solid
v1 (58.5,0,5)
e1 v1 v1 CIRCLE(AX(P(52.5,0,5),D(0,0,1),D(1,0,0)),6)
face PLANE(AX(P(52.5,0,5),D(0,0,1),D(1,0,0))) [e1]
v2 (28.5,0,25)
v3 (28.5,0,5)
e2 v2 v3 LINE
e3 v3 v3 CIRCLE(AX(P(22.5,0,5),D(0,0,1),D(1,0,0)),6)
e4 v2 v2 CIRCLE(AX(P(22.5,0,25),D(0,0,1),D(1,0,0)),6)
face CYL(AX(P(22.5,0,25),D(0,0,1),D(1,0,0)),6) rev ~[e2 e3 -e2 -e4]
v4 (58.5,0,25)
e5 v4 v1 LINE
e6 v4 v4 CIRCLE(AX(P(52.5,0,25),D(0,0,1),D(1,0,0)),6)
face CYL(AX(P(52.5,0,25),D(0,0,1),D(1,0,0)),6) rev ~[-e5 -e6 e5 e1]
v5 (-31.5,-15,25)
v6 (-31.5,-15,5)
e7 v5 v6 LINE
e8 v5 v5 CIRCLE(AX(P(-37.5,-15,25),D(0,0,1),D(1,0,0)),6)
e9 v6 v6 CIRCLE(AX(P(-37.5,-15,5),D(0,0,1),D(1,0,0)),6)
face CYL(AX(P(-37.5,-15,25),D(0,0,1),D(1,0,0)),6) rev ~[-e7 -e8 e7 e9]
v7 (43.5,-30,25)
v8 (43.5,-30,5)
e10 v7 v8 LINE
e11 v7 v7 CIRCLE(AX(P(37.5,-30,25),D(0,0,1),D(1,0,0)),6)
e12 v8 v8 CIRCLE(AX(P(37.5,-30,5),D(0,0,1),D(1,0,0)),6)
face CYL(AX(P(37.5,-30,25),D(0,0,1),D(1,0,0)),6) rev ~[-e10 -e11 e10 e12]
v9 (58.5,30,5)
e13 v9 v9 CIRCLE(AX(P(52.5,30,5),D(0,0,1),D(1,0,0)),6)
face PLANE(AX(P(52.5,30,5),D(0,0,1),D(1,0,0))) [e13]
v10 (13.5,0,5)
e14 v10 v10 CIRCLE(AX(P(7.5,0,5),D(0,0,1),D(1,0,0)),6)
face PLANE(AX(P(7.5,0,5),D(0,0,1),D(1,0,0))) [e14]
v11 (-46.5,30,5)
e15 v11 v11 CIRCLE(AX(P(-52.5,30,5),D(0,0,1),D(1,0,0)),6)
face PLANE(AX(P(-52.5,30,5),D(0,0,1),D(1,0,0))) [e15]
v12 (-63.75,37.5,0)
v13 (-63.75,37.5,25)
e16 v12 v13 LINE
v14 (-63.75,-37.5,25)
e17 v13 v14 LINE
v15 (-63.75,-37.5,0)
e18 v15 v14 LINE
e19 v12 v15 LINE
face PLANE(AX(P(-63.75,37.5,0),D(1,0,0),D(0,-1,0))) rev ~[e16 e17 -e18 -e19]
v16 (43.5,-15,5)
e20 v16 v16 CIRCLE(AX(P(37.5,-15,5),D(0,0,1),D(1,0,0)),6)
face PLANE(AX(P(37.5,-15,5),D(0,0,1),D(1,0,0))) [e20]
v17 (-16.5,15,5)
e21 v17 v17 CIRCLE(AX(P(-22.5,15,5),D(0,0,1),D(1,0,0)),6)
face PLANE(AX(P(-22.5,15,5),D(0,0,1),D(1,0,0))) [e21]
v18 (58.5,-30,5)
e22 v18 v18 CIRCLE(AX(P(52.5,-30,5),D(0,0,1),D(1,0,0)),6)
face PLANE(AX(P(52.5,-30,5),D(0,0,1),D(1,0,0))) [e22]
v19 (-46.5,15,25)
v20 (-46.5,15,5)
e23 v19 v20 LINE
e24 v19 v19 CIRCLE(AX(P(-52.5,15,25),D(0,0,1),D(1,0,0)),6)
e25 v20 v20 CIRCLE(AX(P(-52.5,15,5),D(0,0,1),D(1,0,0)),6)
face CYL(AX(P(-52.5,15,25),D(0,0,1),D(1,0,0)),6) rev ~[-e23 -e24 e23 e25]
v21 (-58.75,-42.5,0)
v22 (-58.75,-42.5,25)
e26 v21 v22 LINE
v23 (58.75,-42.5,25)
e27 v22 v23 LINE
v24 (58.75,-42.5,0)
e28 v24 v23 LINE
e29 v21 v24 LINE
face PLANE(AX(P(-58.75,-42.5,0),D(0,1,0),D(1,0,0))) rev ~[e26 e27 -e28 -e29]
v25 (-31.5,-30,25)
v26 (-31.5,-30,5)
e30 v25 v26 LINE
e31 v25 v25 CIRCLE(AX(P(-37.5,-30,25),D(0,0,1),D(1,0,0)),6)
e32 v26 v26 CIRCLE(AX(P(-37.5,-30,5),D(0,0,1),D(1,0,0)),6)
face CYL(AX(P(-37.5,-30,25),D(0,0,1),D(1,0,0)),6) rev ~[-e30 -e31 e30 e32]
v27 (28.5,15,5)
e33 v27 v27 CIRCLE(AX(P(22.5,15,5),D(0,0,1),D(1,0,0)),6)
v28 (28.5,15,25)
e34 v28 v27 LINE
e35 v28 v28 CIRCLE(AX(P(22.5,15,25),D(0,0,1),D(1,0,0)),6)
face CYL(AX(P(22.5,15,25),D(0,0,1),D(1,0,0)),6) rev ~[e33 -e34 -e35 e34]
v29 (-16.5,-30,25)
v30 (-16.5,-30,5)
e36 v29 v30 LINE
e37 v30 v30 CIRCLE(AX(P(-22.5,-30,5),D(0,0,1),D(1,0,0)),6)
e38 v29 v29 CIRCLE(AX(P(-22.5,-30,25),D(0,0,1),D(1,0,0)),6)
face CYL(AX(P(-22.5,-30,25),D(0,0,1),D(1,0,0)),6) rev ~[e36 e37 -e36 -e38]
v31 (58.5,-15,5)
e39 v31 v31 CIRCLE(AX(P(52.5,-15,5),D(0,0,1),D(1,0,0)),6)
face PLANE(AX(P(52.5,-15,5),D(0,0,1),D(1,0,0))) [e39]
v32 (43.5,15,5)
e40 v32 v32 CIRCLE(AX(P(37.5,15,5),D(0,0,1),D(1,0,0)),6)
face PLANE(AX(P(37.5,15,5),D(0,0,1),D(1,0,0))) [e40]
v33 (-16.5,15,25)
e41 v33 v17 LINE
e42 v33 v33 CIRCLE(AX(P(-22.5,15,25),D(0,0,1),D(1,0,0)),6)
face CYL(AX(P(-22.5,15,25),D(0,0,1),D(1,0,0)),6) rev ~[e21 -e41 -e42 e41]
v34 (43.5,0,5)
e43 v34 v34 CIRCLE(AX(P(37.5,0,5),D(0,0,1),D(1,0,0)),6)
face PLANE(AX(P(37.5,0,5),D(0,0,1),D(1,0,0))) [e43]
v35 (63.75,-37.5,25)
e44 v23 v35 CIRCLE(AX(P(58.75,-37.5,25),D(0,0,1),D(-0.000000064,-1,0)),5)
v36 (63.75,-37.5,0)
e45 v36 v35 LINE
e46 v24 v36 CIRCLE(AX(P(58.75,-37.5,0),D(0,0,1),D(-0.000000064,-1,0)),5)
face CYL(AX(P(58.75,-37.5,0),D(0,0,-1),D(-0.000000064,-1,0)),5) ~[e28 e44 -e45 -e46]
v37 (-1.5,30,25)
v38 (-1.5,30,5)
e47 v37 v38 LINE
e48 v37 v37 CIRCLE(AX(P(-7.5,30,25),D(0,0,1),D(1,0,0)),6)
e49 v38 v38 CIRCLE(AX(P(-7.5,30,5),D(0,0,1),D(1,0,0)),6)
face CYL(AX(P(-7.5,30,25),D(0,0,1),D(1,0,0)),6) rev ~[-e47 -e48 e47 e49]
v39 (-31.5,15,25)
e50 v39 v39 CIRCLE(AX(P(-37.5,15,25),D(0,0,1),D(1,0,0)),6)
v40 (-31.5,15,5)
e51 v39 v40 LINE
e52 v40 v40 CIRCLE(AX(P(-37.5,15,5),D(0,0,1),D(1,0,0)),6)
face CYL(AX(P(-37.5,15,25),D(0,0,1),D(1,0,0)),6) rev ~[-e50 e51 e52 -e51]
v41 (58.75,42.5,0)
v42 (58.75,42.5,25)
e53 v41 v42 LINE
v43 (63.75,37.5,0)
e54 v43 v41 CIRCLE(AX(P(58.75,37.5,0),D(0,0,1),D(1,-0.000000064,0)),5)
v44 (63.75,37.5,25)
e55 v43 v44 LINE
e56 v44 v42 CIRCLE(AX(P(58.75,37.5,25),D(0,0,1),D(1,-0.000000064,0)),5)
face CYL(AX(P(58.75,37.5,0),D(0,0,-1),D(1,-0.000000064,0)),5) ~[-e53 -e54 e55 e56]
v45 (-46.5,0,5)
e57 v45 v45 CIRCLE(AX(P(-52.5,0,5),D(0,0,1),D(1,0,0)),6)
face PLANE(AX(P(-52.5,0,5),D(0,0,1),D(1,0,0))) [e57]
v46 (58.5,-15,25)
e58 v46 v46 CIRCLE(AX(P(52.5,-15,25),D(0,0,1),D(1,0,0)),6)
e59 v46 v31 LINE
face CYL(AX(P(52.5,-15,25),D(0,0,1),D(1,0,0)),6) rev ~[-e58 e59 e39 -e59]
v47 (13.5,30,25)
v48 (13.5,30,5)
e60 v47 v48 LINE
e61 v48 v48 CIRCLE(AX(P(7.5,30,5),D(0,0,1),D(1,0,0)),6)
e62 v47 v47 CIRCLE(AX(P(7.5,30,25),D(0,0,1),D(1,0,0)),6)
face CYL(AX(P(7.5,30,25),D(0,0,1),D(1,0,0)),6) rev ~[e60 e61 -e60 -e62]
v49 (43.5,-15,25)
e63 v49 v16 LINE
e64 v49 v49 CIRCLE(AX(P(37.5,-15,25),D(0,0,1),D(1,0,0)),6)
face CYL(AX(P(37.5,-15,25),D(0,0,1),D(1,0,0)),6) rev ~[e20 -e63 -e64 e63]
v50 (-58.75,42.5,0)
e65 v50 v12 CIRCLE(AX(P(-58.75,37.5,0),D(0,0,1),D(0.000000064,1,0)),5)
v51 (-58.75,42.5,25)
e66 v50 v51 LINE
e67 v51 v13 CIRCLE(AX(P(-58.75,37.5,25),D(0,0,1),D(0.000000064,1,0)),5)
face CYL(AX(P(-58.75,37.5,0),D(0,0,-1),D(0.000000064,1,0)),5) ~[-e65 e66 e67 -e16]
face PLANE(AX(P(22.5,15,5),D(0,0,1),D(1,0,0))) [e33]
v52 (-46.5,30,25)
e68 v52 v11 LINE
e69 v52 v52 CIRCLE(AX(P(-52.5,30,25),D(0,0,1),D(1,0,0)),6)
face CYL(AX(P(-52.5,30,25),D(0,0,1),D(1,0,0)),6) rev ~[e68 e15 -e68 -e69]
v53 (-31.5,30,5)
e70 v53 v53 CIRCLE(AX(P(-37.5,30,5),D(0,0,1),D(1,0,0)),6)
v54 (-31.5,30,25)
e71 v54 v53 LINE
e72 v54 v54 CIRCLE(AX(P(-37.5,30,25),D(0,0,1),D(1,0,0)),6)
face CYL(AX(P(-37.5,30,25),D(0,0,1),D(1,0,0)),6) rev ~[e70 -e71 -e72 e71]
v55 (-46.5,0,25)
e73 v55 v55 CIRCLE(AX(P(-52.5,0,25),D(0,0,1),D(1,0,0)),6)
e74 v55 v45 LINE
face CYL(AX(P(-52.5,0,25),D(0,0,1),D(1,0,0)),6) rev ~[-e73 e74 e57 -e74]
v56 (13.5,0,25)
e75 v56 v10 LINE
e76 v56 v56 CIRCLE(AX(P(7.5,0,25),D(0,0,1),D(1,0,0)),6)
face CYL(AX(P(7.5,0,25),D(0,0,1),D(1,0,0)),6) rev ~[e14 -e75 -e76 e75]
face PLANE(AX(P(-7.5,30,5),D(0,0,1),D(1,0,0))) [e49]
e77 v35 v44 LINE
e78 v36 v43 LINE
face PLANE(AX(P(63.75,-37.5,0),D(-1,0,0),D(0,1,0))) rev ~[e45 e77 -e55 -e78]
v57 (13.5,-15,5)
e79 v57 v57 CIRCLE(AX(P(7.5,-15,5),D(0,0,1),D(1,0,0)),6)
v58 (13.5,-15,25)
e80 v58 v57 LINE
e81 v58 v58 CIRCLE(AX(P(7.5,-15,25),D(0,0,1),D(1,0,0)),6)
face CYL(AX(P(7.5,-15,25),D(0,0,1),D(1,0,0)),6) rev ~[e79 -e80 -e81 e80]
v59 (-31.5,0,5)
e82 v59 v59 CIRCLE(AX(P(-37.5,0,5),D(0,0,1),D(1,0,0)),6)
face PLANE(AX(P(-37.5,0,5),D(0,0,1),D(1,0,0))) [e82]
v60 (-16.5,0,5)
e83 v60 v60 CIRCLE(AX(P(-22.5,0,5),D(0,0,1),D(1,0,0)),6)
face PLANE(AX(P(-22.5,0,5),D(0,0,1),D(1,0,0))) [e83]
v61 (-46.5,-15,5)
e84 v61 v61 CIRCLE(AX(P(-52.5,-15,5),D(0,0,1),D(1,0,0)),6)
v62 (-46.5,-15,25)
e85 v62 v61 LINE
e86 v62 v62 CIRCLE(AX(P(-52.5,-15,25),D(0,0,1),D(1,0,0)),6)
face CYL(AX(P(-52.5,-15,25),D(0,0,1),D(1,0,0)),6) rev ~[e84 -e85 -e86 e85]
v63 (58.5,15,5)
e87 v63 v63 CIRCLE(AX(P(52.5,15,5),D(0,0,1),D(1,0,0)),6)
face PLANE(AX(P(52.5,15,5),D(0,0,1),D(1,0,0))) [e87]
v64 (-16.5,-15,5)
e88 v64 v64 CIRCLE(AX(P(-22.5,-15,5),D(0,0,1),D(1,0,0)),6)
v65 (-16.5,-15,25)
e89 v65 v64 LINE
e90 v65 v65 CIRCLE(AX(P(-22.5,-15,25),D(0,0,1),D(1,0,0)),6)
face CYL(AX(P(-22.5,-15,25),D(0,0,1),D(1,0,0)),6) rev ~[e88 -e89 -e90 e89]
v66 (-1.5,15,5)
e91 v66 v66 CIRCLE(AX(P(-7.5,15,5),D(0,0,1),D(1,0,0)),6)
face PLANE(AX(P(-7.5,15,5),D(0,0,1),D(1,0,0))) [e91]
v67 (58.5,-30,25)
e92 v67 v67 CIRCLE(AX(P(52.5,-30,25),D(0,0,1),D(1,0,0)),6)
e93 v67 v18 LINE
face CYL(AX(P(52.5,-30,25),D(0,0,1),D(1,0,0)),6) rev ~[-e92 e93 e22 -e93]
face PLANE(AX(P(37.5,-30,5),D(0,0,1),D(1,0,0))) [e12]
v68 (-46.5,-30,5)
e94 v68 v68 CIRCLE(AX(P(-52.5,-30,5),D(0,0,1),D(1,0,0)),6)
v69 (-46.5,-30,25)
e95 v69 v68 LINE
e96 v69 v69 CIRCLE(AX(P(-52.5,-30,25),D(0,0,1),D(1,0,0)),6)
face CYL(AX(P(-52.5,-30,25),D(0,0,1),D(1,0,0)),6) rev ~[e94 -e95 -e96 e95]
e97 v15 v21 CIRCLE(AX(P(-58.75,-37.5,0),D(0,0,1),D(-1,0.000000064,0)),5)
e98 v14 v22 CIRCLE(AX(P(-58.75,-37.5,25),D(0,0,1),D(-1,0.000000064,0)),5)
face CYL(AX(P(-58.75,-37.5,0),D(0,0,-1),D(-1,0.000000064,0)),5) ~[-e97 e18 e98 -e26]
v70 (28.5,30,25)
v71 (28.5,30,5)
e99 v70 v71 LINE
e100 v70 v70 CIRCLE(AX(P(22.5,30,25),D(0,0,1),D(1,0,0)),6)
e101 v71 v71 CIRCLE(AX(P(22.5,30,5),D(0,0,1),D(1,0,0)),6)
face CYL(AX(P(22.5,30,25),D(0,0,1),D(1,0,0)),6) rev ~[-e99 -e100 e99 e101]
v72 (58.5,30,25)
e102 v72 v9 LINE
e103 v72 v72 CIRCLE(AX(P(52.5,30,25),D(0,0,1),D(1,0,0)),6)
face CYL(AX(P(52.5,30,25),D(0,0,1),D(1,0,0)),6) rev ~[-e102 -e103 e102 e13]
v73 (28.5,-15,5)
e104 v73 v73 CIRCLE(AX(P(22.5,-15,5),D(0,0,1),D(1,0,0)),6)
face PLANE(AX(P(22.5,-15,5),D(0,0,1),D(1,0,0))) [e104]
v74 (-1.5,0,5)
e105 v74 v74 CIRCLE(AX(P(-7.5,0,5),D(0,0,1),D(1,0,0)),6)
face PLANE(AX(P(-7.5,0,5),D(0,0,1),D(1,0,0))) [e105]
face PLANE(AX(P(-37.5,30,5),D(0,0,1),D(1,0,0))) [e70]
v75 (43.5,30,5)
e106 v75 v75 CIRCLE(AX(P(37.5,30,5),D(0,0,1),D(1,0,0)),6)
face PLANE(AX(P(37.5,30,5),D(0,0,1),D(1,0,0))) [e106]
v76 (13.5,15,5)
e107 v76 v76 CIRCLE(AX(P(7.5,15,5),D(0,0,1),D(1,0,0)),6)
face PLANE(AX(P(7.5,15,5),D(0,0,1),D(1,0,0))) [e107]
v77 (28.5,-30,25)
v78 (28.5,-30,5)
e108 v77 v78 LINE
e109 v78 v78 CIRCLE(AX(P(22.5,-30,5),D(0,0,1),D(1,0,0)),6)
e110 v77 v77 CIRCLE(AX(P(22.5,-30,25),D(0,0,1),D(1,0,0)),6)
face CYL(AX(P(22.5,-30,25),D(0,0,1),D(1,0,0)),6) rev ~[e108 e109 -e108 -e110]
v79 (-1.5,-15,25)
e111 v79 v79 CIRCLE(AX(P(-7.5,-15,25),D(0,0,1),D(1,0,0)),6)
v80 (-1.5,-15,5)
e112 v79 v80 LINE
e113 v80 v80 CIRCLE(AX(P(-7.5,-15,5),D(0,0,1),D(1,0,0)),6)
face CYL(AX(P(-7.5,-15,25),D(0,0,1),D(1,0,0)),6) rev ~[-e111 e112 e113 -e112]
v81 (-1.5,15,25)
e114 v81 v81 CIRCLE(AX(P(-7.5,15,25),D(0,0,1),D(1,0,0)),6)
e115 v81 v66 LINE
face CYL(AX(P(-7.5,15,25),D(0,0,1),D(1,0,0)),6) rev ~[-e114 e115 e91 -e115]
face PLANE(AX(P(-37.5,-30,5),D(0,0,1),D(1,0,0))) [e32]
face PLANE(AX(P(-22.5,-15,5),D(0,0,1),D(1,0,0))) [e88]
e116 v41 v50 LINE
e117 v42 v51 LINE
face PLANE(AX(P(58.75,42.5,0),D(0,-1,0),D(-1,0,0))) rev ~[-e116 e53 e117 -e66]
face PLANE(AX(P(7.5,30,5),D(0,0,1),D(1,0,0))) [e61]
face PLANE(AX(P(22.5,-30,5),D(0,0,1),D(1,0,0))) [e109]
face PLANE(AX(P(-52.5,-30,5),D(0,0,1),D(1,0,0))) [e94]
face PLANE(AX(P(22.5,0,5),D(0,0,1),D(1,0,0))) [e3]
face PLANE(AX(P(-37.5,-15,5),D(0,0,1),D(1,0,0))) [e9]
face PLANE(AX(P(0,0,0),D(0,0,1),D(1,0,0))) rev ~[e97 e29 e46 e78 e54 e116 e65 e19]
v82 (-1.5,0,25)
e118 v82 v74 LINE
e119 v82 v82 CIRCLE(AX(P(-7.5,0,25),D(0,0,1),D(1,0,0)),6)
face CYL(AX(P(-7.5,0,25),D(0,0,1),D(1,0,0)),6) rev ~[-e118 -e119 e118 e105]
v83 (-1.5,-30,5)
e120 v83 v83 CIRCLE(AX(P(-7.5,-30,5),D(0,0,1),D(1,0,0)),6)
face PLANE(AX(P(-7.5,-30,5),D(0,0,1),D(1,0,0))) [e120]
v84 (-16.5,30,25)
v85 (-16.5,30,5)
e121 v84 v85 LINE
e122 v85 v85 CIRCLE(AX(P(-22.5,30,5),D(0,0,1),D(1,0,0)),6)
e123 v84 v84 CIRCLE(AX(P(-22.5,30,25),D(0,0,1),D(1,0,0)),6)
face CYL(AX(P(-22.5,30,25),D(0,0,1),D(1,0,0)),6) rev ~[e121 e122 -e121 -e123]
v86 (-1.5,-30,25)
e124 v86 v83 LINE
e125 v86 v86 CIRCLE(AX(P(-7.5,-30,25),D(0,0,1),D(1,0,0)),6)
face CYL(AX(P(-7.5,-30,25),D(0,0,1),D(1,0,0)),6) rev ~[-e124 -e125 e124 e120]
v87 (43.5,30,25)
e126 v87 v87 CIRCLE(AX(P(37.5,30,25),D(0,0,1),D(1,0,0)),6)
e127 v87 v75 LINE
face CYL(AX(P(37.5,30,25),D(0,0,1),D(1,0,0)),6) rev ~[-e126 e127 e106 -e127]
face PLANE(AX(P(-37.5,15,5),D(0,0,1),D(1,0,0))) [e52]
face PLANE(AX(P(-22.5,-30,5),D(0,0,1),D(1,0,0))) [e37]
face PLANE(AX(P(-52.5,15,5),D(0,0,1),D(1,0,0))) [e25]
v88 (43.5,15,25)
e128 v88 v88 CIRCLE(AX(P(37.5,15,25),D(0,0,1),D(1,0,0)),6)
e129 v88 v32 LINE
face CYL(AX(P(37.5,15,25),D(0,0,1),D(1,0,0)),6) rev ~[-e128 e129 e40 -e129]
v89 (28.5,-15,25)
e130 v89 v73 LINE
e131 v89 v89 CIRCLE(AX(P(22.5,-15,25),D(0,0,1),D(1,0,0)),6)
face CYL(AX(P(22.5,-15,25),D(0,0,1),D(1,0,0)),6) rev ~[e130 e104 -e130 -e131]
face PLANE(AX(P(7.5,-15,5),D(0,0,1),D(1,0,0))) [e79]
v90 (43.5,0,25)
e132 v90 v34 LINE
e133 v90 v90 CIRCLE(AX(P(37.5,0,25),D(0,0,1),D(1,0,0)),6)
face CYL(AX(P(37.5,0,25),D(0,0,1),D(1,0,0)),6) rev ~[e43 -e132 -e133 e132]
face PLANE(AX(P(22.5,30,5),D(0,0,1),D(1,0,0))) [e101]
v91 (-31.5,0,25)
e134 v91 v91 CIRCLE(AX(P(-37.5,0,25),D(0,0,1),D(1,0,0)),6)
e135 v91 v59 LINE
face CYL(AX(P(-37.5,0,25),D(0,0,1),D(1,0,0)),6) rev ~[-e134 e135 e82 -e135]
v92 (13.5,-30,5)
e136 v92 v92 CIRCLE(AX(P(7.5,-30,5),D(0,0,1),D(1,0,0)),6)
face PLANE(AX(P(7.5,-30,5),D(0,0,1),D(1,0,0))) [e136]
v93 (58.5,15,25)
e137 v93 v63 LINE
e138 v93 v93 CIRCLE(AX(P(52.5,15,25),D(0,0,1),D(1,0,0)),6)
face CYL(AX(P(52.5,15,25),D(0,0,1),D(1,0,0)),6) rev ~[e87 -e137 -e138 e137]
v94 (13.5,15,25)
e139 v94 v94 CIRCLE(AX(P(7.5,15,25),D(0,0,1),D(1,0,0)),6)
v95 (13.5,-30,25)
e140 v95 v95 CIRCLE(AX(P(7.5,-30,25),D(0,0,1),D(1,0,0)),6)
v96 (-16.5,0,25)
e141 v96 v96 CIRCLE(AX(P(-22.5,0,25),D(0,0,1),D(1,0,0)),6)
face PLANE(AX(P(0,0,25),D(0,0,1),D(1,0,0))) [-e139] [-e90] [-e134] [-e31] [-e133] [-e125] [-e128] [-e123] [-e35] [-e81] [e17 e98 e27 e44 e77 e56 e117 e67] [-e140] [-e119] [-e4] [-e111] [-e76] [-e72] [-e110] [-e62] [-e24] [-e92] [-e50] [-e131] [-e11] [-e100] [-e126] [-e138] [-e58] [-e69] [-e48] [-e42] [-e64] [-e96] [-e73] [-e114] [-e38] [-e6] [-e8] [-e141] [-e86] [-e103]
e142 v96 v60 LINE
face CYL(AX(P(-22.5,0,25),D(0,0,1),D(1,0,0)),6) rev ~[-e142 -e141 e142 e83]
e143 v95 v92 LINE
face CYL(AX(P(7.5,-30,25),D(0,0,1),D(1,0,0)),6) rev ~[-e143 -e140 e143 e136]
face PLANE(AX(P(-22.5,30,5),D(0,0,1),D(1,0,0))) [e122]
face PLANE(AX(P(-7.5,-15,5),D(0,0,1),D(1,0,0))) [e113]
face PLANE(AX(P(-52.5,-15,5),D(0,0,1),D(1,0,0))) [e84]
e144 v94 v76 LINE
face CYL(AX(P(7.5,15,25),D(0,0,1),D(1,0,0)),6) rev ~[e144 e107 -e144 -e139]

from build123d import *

# Parameters (mm, degrees)
F1_DEPTH = 25
F2_R     = 6
F3_DEPTH = 20


with BuildPart() as f1:
    # F0 (on Top) → F1 (new body)
    with BuildSketch(Plane.XY):
        with BuildLine():
            Line((-58.75, -42.5), (58.75, -42.5))
            ThreePointArc((58.75, -42.5), (62.285534, -41.035534), (63.75, -37.5))
            Line((63.75, -37.5), (63.75, 37.5))
            ThreePointArc((63.75, 37.5), (62.285534, 41.035534), (58.75, 42.5))
            Line((58.75, 42.5), (-58.75, 42.5))
            ThreePointArc((-58.75, 42.5), (-62.285534, 41.035534), (-63.75, 37.5))
            Line((-63.75, 37.5), (-63.75, -37.5))
            ThreePointArc((-63.75, -37.5), (-62.285534, -41.035534), (-58.75, -42.5))
        make_face()
    extrude(amount=F1_DEPTH)

    # F2 (on face) → F3 (cut)
    with BuildSketch(Plane.XY.offset(25)):
        with Locations((-52.5, 30)):
            Circle(F2_R)
        with Locations((-52.5, 15)):
            Circle(F2_R)
        with Locations((-52.5, 0)):
            Circle(F2_R)
        with Locations((-52.5, -15)):
            Circle(F2_R)
        with Locations((-52.5, -30)):
            Circle(F2_R)
        with Locations((-37.5, 30)):
            Circle(F2_R)
        with Locations((-37.5, 15)):
            Circle(F2_R)
        with Locations((-37.5, 0)):
            Circle(F2_R)
        with Locations((-37.5, -15)):
            Circle(F2_R)
        with Locations((-37.5, -30)):
            Circle(F2_R)
        with Locations((-22.5, 30)):
            Circle(F2_R)
        with Locations((-22.5, 15)):
            Circle(F2_R)
        with Locations((-22.5, 0)):
            Circle(F2_R)
        with Locations((-22.5, -15)):
            Circle(F2_R)
        with Locations((-22.5, -30)):
            Circle(F2_R)
        with Locations((-7.5, 30)):
            Circle(F2_R)
        with Locations((-7.5, 15)):
            Circle(F2_R)
        with Locations((-7.5, 0)):
            Circle(F2_R)
        with Locations((-7.5, -15)):
            Circle(F2_R)
        with Locations((-7.5, -30)):
            Circle(F2_R)
        with Locations((7.5, 30)):
            Circle(F2_R)
        with Locations((7.5, 15)):
            Circle(F2_R)
        with Locations((7.5, 0)):
            Circle(F2_R)
        with Locations((7.5, -15)):
            Circle(F2_R)
        with Locations((7.5, -30)):
            Circle(F2_R)
        with Locations((22.5, 30)):
            Circle(F2_R)
        with Locations((22.5, 15)):
            Circle(F2_R)
        with Locations((22.5, 0)):
            Circle(F2_R)
        with Locations((22.5, -15)):
            Circle(F2_R)
        with Locations((22.5, -30)):
            Circle(F2_R)
        with Locations((37.5, 30)):
            Circle(F2_R)
        with Locations((37.5, 15)):
            Circle(F2_R)
        with Locations((37.5, 0)):
            Circle(F2_R)
        with Locations((37.5, -15)):
            Circle(F2_R)
        with Locations((37.5, -30)):
            Circle(F2_R)
        with Locations((52.5, 30)):
            Circle(F2_R)
        with Locations((52.5, 15)):
            Circle(F2_R)
        with Locations((52.5, 0)):
            Circle(F2_R)
        with Locations((52.5, -15)):
            Circle(F2_R)
        with Locations((52.5, -30)):
            Circle(F2_R)
    extrude(amount=-F3_DEPTH, mode=Mode.SUBTRACT)


solid = f1.part
